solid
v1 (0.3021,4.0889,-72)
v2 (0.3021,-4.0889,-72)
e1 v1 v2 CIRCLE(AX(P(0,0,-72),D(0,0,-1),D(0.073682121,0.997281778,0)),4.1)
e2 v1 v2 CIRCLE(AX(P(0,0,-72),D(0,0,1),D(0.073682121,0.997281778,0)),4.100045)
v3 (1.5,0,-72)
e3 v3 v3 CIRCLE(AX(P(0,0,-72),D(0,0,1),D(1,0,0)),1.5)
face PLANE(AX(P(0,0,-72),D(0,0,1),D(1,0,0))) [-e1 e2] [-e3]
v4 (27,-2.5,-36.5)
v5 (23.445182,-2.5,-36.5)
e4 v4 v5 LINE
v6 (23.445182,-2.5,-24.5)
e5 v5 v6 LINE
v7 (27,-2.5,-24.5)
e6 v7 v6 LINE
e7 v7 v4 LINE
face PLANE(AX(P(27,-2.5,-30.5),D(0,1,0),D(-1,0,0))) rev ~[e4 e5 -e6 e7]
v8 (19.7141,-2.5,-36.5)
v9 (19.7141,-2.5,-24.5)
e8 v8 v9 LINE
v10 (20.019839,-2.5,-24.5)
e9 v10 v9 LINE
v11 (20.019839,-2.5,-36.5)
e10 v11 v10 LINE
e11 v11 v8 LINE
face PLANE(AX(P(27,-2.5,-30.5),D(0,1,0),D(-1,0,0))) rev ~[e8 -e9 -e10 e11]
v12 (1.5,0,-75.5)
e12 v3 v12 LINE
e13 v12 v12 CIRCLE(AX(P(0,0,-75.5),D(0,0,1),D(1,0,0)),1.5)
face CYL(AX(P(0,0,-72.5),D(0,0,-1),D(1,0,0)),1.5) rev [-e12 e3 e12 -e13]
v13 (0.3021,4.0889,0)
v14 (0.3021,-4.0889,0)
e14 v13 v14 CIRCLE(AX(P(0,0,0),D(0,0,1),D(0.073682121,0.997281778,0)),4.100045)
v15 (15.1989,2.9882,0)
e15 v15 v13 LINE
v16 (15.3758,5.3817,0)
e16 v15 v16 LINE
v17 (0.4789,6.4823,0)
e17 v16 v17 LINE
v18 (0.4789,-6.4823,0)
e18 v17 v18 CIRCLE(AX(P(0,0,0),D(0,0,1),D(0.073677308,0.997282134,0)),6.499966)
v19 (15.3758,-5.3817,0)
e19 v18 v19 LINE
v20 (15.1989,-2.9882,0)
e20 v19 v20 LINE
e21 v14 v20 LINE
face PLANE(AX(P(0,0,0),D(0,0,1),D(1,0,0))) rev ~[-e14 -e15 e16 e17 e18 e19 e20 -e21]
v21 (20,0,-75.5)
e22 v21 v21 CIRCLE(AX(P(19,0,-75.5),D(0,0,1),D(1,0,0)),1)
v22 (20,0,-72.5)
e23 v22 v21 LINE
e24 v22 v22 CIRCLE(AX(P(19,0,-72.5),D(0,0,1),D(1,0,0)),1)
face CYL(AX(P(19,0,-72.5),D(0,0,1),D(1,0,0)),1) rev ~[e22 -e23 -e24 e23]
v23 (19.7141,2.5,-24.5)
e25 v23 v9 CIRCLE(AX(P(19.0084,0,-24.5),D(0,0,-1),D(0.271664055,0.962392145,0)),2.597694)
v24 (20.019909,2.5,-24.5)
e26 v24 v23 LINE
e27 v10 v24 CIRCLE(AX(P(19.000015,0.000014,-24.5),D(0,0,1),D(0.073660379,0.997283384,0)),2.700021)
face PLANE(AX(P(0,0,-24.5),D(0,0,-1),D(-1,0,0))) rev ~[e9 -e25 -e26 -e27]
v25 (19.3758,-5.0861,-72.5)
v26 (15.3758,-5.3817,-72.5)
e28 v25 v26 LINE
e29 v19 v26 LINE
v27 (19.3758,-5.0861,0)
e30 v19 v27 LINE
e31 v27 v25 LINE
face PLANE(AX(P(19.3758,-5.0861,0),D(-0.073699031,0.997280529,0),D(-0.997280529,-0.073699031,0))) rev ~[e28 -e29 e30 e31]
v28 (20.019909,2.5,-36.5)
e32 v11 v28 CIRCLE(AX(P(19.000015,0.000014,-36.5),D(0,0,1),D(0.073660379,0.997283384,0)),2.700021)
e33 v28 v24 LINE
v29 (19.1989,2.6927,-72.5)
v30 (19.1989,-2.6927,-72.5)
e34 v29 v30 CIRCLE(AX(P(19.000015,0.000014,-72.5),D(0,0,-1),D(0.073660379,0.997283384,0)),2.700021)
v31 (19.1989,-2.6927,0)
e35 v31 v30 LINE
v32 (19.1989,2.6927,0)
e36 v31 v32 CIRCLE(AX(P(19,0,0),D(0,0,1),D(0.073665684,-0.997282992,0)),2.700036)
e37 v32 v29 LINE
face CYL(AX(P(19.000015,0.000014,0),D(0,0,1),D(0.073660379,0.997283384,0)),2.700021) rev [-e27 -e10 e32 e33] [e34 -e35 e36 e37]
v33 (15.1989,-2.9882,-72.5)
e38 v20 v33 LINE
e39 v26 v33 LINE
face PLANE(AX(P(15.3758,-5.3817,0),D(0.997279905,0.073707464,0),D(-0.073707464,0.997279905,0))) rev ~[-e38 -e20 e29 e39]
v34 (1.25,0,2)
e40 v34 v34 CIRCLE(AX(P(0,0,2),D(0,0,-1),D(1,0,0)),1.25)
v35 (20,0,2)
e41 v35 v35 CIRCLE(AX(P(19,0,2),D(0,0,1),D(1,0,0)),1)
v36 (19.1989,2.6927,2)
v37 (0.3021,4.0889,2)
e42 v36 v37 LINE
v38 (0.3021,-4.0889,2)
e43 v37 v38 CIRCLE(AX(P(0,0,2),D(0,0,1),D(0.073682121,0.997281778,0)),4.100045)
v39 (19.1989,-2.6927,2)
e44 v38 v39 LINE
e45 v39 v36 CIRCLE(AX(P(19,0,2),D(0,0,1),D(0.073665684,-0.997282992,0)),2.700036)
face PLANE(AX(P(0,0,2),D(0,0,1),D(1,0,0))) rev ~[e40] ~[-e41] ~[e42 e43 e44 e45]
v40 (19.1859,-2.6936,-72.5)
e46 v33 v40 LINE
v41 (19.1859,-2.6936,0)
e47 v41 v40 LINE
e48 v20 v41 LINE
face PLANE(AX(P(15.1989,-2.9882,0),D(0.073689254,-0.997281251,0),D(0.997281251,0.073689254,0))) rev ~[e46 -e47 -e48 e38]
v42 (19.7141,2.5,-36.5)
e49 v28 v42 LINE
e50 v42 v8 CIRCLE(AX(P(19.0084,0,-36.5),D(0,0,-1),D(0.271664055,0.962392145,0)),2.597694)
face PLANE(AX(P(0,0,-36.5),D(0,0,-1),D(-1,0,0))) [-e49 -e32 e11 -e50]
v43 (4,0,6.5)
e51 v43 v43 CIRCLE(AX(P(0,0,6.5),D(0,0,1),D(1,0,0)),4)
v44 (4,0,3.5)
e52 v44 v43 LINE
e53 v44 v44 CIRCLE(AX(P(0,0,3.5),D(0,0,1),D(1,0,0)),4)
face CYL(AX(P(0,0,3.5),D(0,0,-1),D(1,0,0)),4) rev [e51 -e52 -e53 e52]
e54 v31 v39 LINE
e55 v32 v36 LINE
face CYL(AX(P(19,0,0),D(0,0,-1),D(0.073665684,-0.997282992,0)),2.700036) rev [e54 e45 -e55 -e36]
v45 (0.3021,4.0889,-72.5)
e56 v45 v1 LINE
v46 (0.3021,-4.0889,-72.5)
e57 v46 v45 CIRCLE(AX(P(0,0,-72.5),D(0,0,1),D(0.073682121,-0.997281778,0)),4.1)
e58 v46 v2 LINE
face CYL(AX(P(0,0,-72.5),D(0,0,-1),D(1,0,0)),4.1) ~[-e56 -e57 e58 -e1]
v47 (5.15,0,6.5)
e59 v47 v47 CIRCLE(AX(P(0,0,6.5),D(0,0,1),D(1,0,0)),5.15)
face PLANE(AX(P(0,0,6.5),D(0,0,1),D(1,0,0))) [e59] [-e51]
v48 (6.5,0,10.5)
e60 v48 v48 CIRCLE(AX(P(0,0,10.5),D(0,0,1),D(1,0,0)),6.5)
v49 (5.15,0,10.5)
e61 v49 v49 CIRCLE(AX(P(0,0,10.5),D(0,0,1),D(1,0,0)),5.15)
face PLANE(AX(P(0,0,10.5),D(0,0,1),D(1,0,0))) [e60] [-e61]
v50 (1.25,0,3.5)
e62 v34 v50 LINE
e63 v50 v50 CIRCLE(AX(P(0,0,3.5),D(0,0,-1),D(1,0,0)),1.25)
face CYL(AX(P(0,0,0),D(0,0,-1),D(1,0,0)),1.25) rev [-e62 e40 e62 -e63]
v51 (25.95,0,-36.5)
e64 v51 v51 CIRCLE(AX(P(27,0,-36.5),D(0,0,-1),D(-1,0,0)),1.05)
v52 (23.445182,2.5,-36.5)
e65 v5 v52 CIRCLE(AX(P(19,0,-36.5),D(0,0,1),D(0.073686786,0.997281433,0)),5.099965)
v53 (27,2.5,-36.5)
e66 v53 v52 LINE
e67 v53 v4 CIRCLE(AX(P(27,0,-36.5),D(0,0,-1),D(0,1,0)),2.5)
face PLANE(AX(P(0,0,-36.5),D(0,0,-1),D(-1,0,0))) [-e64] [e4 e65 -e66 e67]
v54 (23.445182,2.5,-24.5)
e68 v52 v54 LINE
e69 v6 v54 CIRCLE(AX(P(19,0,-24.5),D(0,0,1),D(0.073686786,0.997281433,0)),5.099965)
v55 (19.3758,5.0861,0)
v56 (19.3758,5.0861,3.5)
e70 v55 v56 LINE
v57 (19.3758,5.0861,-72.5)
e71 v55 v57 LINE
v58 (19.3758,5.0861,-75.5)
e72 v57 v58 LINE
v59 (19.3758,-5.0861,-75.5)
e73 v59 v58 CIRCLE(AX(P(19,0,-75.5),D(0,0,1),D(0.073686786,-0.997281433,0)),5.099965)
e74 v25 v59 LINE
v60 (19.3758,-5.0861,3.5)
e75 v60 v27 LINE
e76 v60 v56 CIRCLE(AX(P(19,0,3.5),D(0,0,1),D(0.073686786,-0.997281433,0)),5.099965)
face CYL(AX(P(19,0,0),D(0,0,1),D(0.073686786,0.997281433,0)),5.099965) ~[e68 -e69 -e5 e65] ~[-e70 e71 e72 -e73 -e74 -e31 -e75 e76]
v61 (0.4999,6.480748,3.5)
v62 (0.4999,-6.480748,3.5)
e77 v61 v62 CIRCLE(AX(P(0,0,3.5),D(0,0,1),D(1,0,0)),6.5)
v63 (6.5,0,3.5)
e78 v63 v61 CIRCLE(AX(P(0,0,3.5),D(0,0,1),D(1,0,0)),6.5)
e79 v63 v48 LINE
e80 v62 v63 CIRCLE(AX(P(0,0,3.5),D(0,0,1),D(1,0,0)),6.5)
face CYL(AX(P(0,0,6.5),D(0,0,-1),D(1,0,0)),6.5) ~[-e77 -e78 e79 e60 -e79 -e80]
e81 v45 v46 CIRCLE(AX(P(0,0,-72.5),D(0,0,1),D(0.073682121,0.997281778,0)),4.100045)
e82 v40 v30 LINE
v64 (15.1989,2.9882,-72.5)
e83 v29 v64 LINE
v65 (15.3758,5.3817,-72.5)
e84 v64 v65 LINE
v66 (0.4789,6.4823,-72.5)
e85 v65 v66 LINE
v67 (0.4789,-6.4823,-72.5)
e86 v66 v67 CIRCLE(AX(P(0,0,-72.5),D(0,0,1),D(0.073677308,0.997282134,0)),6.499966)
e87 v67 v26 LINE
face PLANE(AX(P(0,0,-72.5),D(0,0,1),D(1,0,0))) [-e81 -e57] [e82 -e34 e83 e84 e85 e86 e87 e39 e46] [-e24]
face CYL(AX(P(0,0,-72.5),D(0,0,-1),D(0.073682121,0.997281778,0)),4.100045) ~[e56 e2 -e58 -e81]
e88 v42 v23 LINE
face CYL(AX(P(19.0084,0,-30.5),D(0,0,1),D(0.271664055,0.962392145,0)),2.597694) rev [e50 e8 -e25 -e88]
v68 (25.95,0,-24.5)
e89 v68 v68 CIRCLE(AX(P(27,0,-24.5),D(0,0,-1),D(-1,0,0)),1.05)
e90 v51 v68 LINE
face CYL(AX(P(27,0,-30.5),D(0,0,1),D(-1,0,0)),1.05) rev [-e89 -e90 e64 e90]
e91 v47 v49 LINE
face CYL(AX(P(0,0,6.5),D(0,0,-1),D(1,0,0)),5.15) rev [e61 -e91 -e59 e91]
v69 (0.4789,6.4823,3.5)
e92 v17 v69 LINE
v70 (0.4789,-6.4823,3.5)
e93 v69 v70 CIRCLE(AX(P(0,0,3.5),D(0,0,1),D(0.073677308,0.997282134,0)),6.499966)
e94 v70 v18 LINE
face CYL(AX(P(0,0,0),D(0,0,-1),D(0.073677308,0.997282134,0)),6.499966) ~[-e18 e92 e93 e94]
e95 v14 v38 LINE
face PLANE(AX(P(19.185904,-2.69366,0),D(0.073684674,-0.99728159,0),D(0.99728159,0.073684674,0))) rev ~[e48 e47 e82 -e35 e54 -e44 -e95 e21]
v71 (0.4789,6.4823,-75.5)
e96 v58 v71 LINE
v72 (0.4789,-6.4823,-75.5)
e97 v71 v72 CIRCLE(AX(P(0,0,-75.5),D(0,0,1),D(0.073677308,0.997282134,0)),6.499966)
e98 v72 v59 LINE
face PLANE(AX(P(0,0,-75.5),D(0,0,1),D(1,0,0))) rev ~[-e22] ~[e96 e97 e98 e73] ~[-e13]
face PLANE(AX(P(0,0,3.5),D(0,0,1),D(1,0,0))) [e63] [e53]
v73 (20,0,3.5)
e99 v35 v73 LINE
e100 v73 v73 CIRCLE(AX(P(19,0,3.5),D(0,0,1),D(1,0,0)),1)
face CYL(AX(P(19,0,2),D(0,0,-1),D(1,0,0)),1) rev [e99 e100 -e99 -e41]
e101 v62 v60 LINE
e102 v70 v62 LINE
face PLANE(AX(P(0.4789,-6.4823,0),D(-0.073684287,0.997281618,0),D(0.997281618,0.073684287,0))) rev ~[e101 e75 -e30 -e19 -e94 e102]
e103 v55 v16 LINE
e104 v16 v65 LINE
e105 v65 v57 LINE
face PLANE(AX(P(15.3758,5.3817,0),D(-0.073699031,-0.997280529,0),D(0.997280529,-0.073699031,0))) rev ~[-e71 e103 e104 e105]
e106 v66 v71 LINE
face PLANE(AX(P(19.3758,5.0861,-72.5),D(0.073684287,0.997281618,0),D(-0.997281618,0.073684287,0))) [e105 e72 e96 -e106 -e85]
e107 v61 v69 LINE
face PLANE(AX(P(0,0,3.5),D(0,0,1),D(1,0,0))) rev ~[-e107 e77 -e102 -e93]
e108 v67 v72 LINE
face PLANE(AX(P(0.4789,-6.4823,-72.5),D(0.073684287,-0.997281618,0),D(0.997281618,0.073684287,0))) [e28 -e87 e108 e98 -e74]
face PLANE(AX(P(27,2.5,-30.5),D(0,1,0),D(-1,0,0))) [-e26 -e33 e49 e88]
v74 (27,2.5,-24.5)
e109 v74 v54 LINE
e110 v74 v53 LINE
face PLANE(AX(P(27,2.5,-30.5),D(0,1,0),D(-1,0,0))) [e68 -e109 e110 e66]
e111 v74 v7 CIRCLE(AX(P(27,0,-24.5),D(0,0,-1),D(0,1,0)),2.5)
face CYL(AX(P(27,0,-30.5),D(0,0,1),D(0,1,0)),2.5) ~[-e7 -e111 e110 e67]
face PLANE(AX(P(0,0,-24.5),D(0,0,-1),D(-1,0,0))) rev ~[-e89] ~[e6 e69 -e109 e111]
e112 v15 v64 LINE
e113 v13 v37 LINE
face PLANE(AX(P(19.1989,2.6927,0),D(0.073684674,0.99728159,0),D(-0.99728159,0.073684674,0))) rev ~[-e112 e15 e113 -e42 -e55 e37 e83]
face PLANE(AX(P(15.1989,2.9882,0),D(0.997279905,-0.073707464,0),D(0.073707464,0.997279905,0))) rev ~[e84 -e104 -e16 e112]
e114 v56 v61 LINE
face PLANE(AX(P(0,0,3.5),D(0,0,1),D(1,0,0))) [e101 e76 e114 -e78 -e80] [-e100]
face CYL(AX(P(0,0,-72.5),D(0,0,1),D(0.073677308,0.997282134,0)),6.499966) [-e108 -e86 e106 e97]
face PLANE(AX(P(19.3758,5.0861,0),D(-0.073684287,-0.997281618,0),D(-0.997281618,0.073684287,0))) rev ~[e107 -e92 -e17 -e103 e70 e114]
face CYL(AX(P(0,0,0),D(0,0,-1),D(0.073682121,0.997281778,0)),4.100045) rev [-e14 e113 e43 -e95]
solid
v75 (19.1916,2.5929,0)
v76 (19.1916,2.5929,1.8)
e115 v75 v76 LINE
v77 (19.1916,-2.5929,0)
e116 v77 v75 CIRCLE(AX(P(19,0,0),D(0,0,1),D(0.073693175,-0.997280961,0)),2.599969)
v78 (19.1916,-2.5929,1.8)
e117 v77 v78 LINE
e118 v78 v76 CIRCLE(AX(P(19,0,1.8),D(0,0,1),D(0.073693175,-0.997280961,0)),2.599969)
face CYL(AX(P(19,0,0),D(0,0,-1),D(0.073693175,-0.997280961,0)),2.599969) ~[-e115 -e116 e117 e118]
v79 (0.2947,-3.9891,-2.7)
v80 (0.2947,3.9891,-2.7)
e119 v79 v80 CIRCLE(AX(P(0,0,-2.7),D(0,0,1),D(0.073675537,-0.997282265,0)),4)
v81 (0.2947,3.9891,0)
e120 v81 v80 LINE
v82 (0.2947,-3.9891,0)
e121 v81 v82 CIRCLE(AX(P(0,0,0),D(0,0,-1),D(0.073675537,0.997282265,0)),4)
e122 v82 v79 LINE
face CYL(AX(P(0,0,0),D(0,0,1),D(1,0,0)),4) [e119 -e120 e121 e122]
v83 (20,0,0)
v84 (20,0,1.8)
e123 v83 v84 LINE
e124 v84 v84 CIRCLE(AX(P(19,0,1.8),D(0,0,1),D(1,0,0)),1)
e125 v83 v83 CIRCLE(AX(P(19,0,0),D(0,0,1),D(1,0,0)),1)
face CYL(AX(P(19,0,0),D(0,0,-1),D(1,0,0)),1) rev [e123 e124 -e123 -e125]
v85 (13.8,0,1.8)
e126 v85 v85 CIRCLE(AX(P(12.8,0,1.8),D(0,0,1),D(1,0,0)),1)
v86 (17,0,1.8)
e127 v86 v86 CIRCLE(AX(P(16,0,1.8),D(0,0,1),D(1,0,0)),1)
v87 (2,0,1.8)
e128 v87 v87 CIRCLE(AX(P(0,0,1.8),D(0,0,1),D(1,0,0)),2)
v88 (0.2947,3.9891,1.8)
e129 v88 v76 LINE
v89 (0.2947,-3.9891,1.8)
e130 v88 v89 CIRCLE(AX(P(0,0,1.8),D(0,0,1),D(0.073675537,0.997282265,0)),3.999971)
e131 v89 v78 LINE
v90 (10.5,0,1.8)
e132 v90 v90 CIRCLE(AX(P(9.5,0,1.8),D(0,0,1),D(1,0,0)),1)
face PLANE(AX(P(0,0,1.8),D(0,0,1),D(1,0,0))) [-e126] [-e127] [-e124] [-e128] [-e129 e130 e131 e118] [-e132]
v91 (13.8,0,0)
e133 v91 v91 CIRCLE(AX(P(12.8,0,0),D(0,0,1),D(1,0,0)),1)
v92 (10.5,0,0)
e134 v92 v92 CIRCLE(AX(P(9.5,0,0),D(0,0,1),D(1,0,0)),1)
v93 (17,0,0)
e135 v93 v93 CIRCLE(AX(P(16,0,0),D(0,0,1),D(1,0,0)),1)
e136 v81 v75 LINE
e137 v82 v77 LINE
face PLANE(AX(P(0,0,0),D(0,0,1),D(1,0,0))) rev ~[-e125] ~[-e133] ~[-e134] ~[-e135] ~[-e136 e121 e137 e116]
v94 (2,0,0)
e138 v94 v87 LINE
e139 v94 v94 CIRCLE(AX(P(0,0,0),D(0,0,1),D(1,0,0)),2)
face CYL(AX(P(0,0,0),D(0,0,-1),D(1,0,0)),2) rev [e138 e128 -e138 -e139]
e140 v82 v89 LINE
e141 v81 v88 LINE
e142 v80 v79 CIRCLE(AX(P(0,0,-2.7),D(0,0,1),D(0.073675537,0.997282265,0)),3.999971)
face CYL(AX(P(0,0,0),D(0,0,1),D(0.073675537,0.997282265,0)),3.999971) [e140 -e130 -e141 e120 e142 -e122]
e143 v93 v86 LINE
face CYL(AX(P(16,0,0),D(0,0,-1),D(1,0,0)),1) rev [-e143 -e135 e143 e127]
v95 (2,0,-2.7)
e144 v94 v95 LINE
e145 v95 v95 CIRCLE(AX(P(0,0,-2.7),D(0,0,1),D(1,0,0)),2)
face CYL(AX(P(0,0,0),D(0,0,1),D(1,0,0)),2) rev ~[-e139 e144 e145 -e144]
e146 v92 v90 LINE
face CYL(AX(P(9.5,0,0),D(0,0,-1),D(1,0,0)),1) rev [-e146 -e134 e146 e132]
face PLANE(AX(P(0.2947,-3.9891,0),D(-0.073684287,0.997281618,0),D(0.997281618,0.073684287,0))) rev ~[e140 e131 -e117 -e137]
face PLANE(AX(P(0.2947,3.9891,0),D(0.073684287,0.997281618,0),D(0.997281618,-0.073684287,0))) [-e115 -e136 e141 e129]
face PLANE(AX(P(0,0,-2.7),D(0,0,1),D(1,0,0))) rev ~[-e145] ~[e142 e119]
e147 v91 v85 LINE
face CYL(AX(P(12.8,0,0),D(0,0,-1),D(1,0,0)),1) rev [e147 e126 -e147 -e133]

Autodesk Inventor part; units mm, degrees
ref_plane "YZ Plane" through (0, 0, 0) normal (1, 0, 0) x (0, 1, 0)
ref_plane "XZ Plane" through (0, 0, 0) normal (0, 1, 0) x (-1, 0, 0)
sketch "Skizze1" plane through (0, 0, 0) normal (0, 0, 1) x (1, 0, 0)
  line L0 (0, 5.6) -> (0, -5.6) construction
  line L1 (-9.12, 0) -> (26.72, 0) construction
  circle A0 centre (0, 0) radius 2
  circle A1 centre (9.5, 0) radius 1
  circle A2 centre (16, 0) radius 1
  circle A3 centre (19, 0) radius 1
  arc A4 (19.1916, -2.5929) -> (19.1916, 2.5929) centre (19, 0) ccw
  arc A5 (0.2947, 3.9891) -> (0.2947, -3.9891) centre (0, 0) ccw
  line L2 (0.2947, 3.9891) -> (19.1916, 2.5929)
  line L3 (0.2947, -3.9891) -> (19.1916, -2.5929)
  circle A6 centre (12.8, 0) radius 1
  circle A7 centre (0, 0) radius 4
  point P0 (0.5263, 3.9652)
  point P1 (0.6579, -1.8887)
  point P2 (0.6579, 1.8887)
  dimension "d0" = 9.5
  dimension "d1" = 16
  dimension "d2" = 19
  dimension "d3" = 5.2
  dimension "d4" = 2
  dimension "d5" = 4
  dimension "d6" = 8
  dimension "d17" = 12.8
extrude "Extrusion1" add sketch "Skizze1" along normal blind 1.8
extrude "Extrusion2" add sketch "Skizze1" against normal blind 2.7 contours A5 A7
sketch "Skizze6" plane through (0, 0, 0) normal (0, 0, 1) x (1, 0, 0)
  line L0 (0.2947, 3.9891) -> (19.1916, 2.5929) construction
  arc A0 (19.1916, -2.5929) -> (19.1916, 2.5929) centre (19, 0) ccw construction
  line L1 (19.1916, -2.5929) -> (0.2947, -3.9891) construction
  arc A1 (0.2947, -3.9891) -> (0.2947, 3.9891) centre (0, 0) ccw construction
  circle A2 centre (12.8, 0) radius 1 construction
  circle A3 centre (19, 0) radius 1 construction
  circle A4 centre (16, 0) radius 1 construction
  circle A5 centre (9.5, 0) radius 1 construction
  arc A6 (19.1989, -2.6927) -> (19.1989, 2.6927) centre (19, 0) ccw
  line L2 (19.1989, 2.6927) -> (0.3021, 4.0889)
  line L3 (19.3758, 5.0861) -> (0.4789, 6.4823)
  line L4 (0.4789, -6.4823) -> (19.3758, -5.0861)
  circle A7 centre (9.5, 0) radius 1 construction
  circle A8 centre (19, 0) radius 1
  line L5 (-12.62, 0) -> (30.22, 0) construction
  arc A9 (0.4789, 6.4823) -> (0.4789, -6.4823) centre (0, 0) ccw
  arc A10 (0.3021, 4.0889) -> (0.3021, -4.0889) centre (0, 0) ccw
  line L6 (0.3021, -4.0889) -> (19.1989, -2.6927)
  circle A11 centre (0, 0) radius 2 construction
  circle A12 centre (0, 0) radius 4.1
  circle A13 centre (0, 0) radius 1.25
  arc A14 (19.3758, -5.0861) -> (19.3758, 5.0861) centre (19, 0) ccw
  circle A15 centre (0, 0) radius 1.5
  dimension "d106" = 2.5
  dimension "d116" = 0.1
  dimension "d183" = 6.5
  dimension "d205" = 3
extrude "Extrusion11" add sketch "Skizze6" along normal blind 2 separate body contours A14 L4 A9 L3
extrude "Extrusion12" add sketch "Skizze6" along normal blind 1.5 from surface at 2 contours L6 A12 L2 A6 | A10 A12 | A14 L4 A9 L3 | A13 | A15
extrude "Extrusion16" cut sketch "Skizze6" along normal up to next contours A13
sketch "Skizze18" plane through (0, 0, 3.5) normal (0, 0, 1) x (1, 0, 0)
  circle A0 centre (0, 0) radius 5.15
  circle A1 centre (0, 0) radius 4
  circle A2 centre (0, 0) radius 6.5
  circle A3 centre (0, 0) radius 1.25 construction
  circle A4 centre (19, 0) radius 1 construction
  arc A5 (0.4789, 6.4823) -> (0.4789, -6.4823) centre (0, 0) ccw construction
  line L0 (19.3758, -5.0861) -> (0.4789, -6.4823) construction
  arc A6 (19.3758, -5.0861) -> (19.3758, 5.0861) centre (19, 0) ccw construction
  line L1 (0.4789, 6.4823) -> (19.3758, 5.0861) construction
  point P0 (-6.5, 0)
  dimension "d184" = 10.3
  dimension "d185" = 8
extrude "Extrusion28" add sketch "Skizze18" along normal blind 3 contours A0 | A2
extrude "Extrusion29" add sketch "Skizze18" along normal blind 4 from surface at 3 contours A2
sketch "Skizze19" plane through (0, 0, 0) normal (0, 0, -1) x (-1, 0, 0)
  arc A0 (-19.3758, 5.0861) -> (-19.3758, -5.0861) centre (-19, 0) ccw construction
  arc A1 (-0.4789, -6.4823) -> (-0.4789, 6.4823) centre (0, 0) ccw construction
  line L0 (-0.4789, 6.4823) -> (-19.3758, 5.0861) construction
  arc A2 (-19.3758, 5.0861) -> (-19.3758, -5.0861) centre (-19, 0) ccw construction
  line L1 (-19.3758, -5.0861) -> (-0.4789, -6.4823) construction
  line L2 (-0.3021, -4.0889) -> (-19.1989, -2.6927) construction
  arc A3 (-19.1989, 2.6927) -> (-19.1989, -2.6927) centre (-19, 0) ccw construction
  line L3 (-19.1989, 2.6927) -> (-0.3021, 4.0889) construction
  arc A4 (-0.3021, -4.0889) -> (-0.3021, 4.0889) centre (0, 0) ccw construction
  arc A5 (-19.3758, 5.0861) -> (-19.3758, -5.0861) centre (-19, 0) ccw
  line L4 (-19.3758, -5.0861) -> (-15.3758, -5.3817)
  line L5 (-15.3758, -5.3817) -> (-15.1989, -2.9882)
  line L6 (-15.1989, -2.9882) -> (-19.1859, -2.6936)
  line L7 (-0.3021, -4.0889) -> (-19.1989, -2.6927) projected
  line L8 (-19.1989, 2.6927) -> (-0.3021, 4.0889) projected
  line L9 (-19.1989, 2.6927) -> (-15.1989, 2.9882)
  line L10 (-15.3758, 5.3817) -> (-19.3758, 5.0861)
  arc A6 (-19.1989, 2.6927) -> (-19.1859, -2.6936) centre (-19, 0) ccw
  line L11 (-0.4789, 6.4823) -> (-19.3758, 5.0861) projected
  line L12 (-15.1989, 2.9882) -> (-15.3758, 5.3817)
  line L13 (-19.3758, -5.0861) -> (-0.4789, -6.4823) projected
  dimension "d203" = 4
  dimension "d204" = 4
extrude "Extrusion30" add sketch "Skizze19" along normal blind 72.5
extrude "Extrusion31" add sketch "Skizze6" against normal blind 3 from surface at -72.5 contours L6 A12 L2 A6 | A10 A12 | A14 L4 A9 L3
extrude "Extrusion32" add sketch "Skizze6" along normal blind 0.5 from surface at -72.5 contours A10 A12
ref_plane "Arbeitsebene10" through (0, 0, -30.5) normal (0, 0, -1) x (-1, 0, 0)
sketch "Skizze20" plane through (0, 0, -30.5) normal (0, 0, -1) x (-1, 0, 0)
  arc A0 (-27, 2.5) -> (-27, -2.5) centre (-27, 0) ccw
  line L0 (-27, -2.5) -> (-19.7141, -2.5)
  line L1 (-27, 2.5) -> (-19.7141, 2.5)
  line L2 (0, -9.1) -> (0, 9.1) construction
  line L3 (-36.7, 0) -> (13.7, 0) construction
  arc A1 (-19.7141, 2.5) -> (-19.7141, -2.5) centre (-19.0084, 0) ccw
  circle A2 centre (-27, 0) radius 1.05
  arc A3 (-19.1916, 2.5929) -> (-19.1916, -2.5929) centre (-19, 0) ccw construction
  point P0 (0, 0)
  dimension "d198" = 5
  dimension "d199" = 2.1
  dimension "d200" = 27
extrude "Extrusion33" add sketch "Skizze20" along normal mid plane 12
properties part number "Servo-Arm-Mouth"
